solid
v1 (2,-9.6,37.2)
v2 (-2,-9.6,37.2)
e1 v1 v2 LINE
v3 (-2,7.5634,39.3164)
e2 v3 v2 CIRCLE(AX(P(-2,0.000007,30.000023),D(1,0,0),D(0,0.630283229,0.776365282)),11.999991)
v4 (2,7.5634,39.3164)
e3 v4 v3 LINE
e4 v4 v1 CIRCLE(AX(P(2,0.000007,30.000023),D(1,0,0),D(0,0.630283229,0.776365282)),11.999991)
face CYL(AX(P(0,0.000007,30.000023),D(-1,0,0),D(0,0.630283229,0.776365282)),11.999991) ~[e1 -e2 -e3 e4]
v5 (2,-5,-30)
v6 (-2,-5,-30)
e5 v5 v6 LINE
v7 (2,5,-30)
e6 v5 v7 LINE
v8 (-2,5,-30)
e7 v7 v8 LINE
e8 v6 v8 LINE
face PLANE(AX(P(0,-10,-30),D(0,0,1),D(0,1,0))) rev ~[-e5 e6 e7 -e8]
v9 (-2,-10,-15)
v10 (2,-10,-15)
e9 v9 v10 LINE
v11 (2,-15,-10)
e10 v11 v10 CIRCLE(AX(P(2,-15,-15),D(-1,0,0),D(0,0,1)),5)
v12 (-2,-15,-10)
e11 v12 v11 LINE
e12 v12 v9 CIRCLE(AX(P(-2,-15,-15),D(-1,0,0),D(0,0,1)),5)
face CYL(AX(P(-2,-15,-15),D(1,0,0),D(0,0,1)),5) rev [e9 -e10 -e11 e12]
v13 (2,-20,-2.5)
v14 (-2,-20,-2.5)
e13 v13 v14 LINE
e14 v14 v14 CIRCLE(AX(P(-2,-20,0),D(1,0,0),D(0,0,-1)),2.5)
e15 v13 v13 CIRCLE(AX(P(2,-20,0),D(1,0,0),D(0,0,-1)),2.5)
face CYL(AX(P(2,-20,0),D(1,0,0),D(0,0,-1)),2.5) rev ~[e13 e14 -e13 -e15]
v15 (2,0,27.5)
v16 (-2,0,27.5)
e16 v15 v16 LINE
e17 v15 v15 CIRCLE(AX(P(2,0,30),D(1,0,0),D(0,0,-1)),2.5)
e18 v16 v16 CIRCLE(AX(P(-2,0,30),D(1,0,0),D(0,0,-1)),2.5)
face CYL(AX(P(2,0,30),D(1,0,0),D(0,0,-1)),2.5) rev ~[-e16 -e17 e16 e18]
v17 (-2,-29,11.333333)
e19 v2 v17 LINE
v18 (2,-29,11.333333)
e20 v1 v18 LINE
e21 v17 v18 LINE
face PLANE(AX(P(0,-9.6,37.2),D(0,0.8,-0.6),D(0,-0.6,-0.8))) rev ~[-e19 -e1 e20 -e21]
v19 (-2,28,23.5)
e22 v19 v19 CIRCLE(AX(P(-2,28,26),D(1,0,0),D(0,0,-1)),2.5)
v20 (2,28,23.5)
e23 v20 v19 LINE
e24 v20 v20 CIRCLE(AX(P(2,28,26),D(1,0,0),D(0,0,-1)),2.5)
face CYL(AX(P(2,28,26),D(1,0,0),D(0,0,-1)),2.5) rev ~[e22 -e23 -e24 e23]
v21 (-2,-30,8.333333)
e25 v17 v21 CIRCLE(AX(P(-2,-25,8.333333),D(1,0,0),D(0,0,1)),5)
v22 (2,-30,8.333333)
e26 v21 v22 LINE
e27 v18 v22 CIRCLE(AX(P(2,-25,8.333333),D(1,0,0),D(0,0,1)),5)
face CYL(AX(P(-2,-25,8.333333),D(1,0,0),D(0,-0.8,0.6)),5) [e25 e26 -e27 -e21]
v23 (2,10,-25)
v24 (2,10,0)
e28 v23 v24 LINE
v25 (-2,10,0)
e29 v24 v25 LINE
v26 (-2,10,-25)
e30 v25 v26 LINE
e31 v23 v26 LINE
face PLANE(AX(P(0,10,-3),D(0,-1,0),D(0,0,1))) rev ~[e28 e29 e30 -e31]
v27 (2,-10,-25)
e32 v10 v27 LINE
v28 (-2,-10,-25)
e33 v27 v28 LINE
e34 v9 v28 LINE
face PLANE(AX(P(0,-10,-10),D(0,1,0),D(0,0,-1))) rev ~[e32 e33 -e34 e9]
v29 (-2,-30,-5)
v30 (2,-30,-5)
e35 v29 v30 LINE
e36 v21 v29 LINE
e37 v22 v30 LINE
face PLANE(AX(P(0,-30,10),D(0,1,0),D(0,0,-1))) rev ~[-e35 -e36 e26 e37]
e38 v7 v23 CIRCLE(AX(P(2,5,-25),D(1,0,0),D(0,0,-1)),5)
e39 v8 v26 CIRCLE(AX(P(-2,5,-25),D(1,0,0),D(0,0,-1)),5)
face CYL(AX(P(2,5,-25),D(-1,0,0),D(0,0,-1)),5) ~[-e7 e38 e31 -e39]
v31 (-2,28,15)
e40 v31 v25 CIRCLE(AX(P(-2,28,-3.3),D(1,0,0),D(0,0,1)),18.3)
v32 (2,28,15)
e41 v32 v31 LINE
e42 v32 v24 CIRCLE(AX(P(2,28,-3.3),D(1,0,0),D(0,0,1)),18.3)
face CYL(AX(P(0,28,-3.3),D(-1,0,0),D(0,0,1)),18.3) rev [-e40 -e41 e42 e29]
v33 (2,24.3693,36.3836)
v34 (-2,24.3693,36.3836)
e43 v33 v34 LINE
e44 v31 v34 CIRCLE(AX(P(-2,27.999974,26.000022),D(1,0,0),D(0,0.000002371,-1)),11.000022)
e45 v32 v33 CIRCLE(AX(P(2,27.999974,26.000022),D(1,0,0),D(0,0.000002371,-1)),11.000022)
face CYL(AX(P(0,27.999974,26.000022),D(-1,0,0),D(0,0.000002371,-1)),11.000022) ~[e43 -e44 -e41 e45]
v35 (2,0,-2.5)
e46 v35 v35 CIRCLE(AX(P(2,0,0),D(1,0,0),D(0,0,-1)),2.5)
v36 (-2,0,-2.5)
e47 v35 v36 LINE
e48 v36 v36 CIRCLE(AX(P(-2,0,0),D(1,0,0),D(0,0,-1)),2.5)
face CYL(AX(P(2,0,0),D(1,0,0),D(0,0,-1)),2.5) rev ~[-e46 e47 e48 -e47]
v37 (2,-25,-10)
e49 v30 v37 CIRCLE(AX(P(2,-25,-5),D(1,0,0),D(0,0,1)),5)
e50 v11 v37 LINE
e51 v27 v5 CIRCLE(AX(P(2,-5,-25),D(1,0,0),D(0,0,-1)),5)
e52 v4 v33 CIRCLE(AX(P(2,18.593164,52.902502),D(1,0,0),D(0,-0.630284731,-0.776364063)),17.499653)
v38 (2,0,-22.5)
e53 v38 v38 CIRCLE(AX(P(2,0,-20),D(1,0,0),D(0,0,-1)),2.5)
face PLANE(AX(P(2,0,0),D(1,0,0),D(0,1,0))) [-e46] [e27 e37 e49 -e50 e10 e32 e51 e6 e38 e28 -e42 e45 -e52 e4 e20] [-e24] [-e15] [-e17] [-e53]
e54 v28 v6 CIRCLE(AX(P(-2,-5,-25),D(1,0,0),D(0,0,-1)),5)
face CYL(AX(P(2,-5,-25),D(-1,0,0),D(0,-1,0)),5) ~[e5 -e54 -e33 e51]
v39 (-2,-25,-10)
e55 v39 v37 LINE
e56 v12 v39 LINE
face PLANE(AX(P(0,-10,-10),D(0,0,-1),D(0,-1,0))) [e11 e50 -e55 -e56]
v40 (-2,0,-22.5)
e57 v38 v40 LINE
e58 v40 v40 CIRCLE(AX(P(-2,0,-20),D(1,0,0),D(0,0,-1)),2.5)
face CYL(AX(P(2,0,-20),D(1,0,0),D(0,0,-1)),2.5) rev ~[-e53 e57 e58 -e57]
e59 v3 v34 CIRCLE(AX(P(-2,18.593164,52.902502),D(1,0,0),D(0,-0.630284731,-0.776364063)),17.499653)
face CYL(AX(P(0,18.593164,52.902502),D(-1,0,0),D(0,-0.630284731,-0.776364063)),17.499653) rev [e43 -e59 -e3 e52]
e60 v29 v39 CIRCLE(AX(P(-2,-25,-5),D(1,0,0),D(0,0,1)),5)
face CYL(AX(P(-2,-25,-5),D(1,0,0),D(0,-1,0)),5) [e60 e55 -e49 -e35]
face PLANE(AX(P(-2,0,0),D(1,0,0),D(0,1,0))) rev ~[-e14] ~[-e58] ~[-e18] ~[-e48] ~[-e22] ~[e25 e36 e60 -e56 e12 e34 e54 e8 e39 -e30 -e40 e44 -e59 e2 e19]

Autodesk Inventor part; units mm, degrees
ref_plane "YZ Plane" through (0, 0, 0) normal (1, 0, 0) x (0, 1, 0)
ref_plane "XZ Plane" through (0, 0, 0) normal (0, 1, 0) x (-1, 0, 0)
ref_plane "XY Plane" through (0, 0, 0) normal (0, 0, 1) x (1, 0, 0)
sketch "Skizze1" plane through (0, 0, 0) normal (1, 0, 0) x (0, 1, 0)
  line L0 (-30, 10) -> (-30, -10)
  arc A0 (28, 15) -> (24.3693, 36.3836) centre (28, 26) ccw
  line L1 (-9.6, 37.2) -> (-30, 10)
  line L2 (10, -3) -> (10, 0)
  arc A1 (28, 15) -> (10, 0) centre (28, -3.3) ccw
  line L3 (-10, -30) -> (10, -30)
  line L4 (10, -30) -> (10, 0)
  line L5 (-10, -10) -> (-30, -10)
  line L6 (-10, -10) -> (-10, -30)
  arc A2 (7.5634, 39.3164) -> (24.3693, 36.3836) centre (18.5933, 52.9028) ccw
  arc A3 (7.5634, 39.3164) -> (-9.6, 37.2) centre (0, 30) ccw
  point P0 (0, 0)
  point P1 (-30, 0)
  dimension "d16" = 22
  dimension "d22" = 10
  dimension "d23" = 18
  dimension "d26" = 30
  dimension "d31" = 20
  dimension "d34" = 26
  dimension "d35" = 10
  dimension "d36" = 20
  dimension "d37" = 18
  dimension "d38" = 18
  dimension "d39" = 0
  dimension "d40" = 30
  dimension "d43" = 35
  dimension "d44" = 12
  dimension "d46" = 0
extrude "Extrusion1" add sketch "Skizze1" along normal mid plane 4
sketch "Skizze2" plane through (2, 0, 0) normal (1, 0, 0) x (0, 0, -1)
  circle A0 centre (-26, 28) radius 2.5
  circle A1 centre (0, 0) radius 2.5
  circle A2 centre (20, 0) radius 2.5
  circle A3 centre (0, -20) radius 2.5
  line L0 (-10, -30) -> (10, -30) projected
  line L1 (30, -10) -> (30, 10) projected
  arc A4 (-15, 28) -> (-36.3836, 24.3693) centre (-26, 28) ccw projected
  circle A5 centre (-30, 0) radius 2.5
  arc A6 (-39.3164, 7.5634) -> (-37.2, -9.6) centre (-30, 0) ccw projected
  point P0 (10, -27)
  point P1 (-36.9988, 28.1611)
  point P2 (-44.9983, -10.001)
  dimension "d8" = 5
  dimension "d9" = 5
  dimension "d10" = 5
  dimension "d11" = 10
  dimension "d32" = 10
  dimension "d45" = 5
extrude "Extrusion2" cut sketch "Skizze2" along normal through all both and the other way through all
fillet "Fillet1" radius 5 5 edges at (0, -30, -10) (0, -10, -10) (0, -10, -30) (0, 10, -30) (0, -30, 10)
properties part number "KettenBlech_Oben"
